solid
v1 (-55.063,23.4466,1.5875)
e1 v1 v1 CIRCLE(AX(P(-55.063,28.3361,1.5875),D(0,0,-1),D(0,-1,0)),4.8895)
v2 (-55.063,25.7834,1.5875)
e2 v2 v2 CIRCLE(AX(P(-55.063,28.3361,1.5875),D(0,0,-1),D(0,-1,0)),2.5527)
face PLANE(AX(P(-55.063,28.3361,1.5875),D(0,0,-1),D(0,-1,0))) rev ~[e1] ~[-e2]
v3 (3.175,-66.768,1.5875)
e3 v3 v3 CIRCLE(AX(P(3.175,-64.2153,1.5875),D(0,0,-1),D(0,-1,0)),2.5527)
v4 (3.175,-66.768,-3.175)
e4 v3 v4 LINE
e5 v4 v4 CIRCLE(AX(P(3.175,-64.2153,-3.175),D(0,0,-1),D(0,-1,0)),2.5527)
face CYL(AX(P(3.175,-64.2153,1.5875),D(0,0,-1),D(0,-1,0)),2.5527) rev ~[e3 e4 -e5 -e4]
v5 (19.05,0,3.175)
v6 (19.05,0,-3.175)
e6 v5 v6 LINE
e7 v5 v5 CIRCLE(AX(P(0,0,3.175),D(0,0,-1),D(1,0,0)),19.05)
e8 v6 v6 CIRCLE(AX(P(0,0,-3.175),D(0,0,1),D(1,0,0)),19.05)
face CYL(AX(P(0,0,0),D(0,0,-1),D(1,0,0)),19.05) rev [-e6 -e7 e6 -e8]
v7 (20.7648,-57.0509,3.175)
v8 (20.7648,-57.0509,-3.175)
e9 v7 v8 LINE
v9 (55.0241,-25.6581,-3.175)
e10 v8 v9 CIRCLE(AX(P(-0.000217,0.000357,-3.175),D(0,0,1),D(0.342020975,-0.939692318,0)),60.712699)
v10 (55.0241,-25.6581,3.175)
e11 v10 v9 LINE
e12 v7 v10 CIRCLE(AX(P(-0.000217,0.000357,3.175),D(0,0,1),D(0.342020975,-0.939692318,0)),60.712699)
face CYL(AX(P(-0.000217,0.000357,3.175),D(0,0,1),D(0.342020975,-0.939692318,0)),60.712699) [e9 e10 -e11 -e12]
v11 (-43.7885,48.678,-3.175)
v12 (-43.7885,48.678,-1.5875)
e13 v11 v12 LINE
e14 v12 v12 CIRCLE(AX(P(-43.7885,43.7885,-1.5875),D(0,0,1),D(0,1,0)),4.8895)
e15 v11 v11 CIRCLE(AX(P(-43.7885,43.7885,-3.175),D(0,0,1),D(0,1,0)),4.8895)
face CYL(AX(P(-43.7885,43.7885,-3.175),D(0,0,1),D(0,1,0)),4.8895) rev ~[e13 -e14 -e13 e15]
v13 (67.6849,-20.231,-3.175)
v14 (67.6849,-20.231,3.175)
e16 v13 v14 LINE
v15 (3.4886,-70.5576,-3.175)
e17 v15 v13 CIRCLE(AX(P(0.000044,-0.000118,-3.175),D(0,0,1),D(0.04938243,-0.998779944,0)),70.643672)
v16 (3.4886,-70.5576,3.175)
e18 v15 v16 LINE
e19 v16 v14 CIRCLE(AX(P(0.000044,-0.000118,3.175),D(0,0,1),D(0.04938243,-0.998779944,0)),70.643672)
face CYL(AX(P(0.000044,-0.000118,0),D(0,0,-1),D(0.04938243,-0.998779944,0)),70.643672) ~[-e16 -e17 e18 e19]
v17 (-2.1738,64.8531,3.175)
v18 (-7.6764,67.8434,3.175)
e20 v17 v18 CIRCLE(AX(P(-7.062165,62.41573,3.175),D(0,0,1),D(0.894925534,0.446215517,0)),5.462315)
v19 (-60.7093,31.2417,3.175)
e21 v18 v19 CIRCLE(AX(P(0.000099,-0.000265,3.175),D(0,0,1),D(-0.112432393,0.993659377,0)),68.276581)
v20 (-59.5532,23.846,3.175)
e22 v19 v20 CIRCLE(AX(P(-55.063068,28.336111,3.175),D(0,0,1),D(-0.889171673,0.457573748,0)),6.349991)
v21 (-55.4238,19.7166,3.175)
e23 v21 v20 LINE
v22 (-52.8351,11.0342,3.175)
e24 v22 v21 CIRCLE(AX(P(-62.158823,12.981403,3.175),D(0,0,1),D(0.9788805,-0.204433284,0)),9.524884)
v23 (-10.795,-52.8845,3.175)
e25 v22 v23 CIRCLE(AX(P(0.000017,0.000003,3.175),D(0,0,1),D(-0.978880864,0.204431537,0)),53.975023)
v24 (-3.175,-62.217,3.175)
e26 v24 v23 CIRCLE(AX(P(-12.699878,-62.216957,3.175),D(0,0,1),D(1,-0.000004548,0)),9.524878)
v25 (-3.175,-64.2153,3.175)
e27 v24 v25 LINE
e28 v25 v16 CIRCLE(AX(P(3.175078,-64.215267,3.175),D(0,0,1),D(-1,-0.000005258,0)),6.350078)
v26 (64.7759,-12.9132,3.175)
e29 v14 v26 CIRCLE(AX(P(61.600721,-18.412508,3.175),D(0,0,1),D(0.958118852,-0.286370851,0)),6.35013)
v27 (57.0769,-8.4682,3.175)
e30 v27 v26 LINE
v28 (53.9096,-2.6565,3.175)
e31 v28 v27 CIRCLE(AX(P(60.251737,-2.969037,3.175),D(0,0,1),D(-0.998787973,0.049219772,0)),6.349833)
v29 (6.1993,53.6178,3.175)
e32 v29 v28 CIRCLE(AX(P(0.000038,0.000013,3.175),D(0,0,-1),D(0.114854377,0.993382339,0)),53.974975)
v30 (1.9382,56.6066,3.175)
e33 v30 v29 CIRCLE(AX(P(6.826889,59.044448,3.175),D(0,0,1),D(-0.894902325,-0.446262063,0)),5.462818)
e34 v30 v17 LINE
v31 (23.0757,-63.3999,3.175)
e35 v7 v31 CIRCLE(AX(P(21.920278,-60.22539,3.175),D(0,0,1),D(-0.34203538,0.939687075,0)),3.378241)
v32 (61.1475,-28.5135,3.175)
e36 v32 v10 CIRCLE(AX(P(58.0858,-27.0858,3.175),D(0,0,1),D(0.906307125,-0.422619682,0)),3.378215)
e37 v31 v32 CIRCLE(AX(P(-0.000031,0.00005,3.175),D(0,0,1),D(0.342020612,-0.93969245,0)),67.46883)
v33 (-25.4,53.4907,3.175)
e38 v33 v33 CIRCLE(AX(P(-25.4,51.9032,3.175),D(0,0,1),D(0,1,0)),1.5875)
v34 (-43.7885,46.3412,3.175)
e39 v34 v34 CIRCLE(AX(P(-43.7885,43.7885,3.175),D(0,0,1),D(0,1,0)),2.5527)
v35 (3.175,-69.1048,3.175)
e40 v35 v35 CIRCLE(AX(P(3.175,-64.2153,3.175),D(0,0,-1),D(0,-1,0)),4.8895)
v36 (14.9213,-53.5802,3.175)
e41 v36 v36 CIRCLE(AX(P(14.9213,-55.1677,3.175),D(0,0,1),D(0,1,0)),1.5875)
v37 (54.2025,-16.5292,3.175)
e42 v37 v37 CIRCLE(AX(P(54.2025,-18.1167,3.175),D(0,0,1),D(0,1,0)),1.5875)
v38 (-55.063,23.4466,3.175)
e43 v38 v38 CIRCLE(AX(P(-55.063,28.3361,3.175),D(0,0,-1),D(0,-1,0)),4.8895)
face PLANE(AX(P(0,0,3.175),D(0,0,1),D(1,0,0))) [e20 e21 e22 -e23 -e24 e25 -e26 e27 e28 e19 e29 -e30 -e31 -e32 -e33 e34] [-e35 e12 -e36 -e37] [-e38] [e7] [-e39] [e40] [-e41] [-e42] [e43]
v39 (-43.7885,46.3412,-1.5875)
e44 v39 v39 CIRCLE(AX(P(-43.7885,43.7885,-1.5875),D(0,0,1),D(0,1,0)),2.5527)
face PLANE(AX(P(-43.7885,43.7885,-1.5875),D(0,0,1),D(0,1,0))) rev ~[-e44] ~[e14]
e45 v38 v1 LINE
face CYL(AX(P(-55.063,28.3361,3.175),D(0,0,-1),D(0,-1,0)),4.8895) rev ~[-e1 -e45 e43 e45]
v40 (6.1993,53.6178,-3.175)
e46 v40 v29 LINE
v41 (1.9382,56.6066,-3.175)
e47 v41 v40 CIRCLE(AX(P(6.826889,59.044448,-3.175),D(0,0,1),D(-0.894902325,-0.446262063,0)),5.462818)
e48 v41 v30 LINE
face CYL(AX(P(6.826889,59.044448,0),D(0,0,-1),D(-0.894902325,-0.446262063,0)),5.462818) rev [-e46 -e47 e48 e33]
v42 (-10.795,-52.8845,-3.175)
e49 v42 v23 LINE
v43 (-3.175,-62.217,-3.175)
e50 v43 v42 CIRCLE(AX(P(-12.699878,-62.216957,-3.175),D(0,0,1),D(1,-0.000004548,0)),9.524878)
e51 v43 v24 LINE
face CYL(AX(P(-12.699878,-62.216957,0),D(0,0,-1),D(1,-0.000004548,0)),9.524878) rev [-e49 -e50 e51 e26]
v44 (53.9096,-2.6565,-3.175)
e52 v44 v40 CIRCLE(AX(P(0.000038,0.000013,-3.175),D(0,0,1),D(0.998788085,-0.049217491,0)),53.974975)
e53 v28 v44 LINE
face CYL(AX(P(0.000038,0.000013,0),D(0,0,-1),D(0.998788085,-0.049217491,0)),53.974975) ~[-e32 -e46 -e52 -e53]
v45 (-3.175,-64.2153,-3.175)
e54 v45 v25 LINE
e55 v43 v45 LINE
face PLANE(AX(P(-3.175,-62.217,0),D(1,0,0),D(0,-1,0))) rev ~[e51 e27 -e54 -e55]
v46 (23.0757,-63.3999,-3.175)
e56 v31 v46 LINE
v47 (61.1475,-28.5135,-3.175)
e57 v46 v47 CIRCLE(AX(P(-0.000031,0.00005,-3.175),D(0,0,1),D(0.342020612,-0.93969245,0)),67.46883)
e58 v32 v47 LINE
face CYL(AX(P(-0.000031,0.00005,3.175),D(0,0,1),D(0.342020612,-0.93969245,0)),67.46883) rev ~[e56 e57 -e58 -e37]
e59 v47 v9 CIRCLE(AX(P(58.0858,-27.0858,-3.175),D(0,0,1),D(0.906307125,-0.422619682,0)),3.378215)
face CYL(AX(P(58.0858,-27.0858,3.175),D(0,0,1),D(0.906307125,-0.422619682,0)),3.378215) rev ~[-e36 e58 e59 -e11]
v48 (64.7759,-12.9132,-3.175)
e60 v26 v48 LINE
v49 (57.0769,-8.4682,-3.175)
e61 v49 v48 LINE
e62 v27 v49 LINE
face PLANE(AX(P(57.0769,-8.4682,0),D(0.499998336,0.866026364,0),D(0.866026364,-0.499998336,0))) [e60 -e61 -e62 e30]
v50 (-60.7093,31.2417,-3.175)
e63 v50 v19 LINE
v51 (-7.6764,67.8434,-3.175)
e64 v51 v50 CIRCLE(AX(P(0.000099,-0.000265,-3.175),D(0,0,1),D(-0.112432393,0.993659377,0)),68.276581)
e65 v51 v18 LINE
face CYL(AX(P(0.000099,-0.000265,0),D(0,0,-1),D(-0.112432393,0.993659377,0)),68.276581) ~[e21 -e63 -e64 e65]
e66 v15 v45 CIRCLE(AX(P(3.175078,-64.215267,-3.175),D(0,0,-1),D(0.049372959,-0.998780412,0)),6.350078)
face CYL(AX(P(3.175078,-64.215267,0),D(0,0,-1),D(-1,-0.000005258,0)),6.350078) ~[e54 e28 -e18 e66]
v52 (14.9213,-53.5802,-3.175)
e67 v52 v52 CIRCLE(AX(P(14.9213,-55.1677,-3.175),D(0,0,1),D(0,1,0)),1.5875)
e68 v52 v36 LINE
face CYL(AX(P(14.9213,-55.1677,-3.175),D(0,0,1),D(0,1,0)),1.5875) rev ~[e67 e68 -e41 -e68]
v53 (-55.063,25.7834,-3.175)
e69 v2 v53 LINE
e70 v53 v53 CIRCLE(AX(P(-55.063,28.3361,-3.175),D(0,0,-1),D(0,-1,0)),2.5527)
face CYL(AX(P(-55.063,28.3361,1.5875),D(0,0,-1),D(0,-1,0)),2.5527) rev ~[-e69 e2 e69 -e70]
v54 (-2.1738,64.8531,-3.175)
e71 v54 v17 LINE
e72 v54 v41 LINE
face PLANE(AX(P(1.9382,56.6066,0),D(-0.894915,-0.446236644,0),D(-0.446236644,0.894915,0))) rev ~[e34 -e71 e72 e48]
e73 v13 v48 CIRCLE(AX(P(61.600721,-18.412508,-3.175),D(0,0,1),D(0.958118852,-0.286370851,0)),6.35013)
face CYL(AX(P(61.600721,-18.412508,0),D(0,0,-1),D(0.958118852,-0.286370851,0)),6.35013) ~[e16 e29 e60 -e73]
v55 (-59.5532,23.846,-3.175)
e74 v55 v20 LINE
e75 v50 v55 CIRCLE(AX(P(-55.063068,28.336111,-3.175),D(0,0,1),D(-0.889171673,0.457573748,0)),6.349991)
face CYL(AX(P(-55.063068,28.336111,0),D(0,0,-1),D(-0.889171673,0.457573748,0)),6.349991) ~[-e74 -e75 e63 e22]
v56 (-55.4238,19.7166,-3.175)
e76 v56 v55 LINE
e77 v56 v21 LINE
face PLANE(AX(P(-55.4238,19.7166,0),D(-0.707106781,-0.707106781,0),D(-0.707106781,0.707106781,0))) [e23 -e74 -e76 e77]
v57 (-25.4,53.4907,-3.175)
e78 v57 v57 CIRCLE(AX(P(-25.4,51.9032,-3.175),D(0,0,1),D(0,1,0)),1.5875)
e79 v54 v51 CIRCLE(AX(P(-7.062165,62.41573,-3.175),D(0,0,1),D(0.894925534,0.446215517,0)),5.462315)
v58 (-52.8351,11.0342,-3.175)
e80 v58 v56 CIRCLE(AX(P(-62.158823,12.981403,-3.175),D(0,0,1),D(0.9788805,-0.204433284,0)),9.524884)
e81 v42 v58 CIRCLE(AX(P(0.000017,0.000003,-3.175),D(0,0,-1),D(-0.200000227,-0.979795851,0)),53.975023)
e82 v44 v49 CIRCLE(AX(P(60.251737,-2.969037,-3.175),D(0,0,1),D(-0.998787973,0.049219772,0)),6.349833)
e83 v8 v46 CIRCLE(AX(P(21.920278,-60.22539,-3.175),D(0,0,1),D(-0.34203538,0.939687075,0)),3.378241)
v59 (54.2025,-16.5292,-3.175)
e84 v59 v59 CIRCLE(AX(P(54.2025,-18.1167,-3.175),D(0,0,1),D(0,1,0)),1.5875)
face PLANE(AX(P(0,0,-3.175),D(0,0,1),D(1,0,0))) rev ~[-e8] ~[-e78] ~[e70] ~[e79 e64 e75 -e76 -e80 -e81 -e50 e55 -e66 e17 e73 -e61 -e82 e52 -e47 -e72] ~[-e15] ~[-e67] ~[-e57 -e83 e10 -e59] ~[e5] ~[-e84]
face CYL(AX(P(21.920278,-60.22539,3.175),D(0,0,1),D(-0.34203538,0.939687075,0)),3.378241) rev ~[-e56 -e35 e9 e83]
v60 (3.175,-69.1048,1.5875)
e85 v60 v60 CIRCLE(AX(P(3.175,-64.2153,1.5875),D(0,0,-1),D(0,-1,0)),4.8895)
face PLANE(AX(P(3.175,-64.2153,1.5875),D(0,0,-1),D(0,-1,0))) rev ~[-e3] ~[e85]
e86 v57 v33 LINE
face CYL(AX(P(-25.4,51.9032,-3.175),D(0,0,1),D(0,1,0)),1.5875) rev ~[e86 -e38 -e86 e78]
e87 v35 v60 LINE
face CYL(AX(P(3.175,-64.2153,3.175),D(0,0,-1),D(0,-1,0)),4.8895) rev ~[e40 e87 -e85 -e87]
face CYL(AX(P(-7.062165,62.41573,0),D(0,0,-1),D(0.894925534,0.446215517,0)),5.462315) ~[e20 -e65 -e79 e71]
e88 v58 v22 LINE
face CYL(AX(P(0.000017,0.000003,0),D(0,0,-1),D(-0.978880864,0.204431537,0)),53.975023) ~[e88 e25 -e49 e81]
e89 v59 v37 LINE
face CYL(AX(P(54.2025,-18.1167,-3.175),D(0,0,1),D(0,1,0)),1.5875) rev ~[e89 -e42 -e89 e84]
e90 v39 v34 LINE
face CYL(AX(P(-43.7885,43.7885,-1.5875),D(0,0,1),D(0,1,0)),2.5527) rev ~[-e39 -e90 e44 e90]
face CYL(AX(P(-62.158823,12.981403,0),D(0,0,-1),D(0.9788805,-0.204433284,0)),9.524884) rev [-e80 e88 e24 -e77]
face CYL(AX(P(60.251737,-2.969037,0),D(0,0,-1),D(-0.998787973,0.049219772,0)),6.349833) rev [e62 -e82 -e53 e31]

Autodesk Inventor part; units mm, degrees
ref_plane "YZ Plane" through (0, 0, 0) normal (1, 0, 0) x (0, 1, 0)
ref_plane "XZ Plane" through (0, 0, 0) normal (0, 1, 0) x (-1, 0, 0)
ref_plane "XY Plane" through (0, 0, 0) normal (0, 0, 1) x (1, 0, 0)
sketch "Sketch1" plane through (0, 0, 0) normal (0, 0, 1) x (1, 0, 0)
  circle A0 centre (0, 0) radius 53.975 construction
  line L0 (-138.9624, -14.2875) -> (-138.9624, 14.2875) construction
  circle A1 centre (0, 0) radius 19.05
  line L1 (-181.8914, 0) -> (118.6116, 0) projected
  line L2 (0, -111.81) -> (0, 105.5438) projected
  line L3 (-3.175, -62.217) -> (-3.175, -64.2153)
  arc A2 (-52.8351, 11.0342) -> (-10.795, -52.8845) centre (0, 0) ccw
  arc A3 (-52.8351, 11.0342) -> (-55.4238, 19.7166) centre (-62.1589, 12.9814) ccw
  arc A4 (-3.175, -62.217) -> (-10.795, -52.8845) centre (-12.7, -62.217) ccw
  arc A5 (53.9096, -2.6565) -> (6.1993, 53.6178) centre (0, 0) ccw
  line L4 (1.9382, 56.6066) -> (-2.1738, 64.8531)
  arc A6 (3.4886, -70.5576) -> (67.6849, -20.231) centre (0, 0) ccw
  arc A7 (-7.6764, 67.8434) -> (-60.7093, 31.2417) centre (0, 0) ccw
  arc A8 (1.9382, 56.6066) -> (6.1993, 53.6178) centre (6.8266, 59.0442) ccw
  arc A9 (-2.1738, 64.8531) -> (-7.6764, 67.8434) centre (-7.0623, 62.4156) ccw
  line L5 (57.0769, -8.4682) -> (64.7759, -12.9132)
  arc A10 (53.9096, -2.6565) -> (57.0769, -8.4682) centre (60.2519, -2.969) ccw
  arc A11 (67.6849, -20.231) -> (64.7759, -12.9132) centre (61.6009, -18.4125) ccw
  arc A12 (-3.175, -64.2153) -> (3.4886, -70.5576) centre (3.175, -64.2153) ccw
  line L6 (-55.4238, 19.7166) -> (-59.5532, 23.846)
  arc A13 (-60.7093, 31.2417) -> (-59.5532, 23.846) centre (-55.063, 28.3361) ccw
  point P0 (-3.175, -53.8815)
  point P1 (-50.8, 57.9383)
  point P2 (-3.175, -53.8815)
  point P3 (-3.175, -70.4964)
  point P4 (-67.8823, 0)
  point P5 (3.3007, 53.874)
  point P6 (53.975, 0)
  point P7 (-3.8272, 68.169)
  point P8 (53.5878, -6.4538)
  point P9 (68.9605, -15.3293)
  point P10 (-3.175, -70.5724)
  point P11 (-62.7098, 27.0026)
  dimension "d0" = 107.95
  dimension "d10" = 38.1
  dimension "d14" = 3.175
  dimension "d15" = 9.525
  dimension "d79" = 30
  dimension "d80" = 6.35
  dimension "d89" = 6.35
  dimension "d97" = 70.6437
  dimension "d98" = 6.35
  dimension "d108" = 45
  dimension "d109" = 5.4625
  dimension "d110" = 8.89
extrude "Base" add sketch "Sketch1" along normal mid plane 6.35 contours L1 A5 A10 L5 A11 A6 A12 L2 A1 | A1 L2 L4 A8 A5 L1 | A1 L1 A2 A3 L6 A13 A7 A9 L4 L2 | L2 A12 L3 A4 A2 L1 A1
sketch "Sketch5" plane through (0, 0, -3.175) normal (0, 0, -1) x (-1, 0, 0)
  circle A0 centre (0, 0) radius 19.05 projected
  arc A1 (60.7093, 31.2417) -> (7.6764, 67.8434) centre (0, 0) ccw projected
  circle A2 centre (0, 0) radius 53.975 construction
  line L0 (-53.2759, -12.7) -> (-58.4475, -17.8716) construction
  line L1 (-9.2461, -53.9826) -> (-14.6103, -59.3468) construction
  line L2 (91.9487, 0) -> (-94.6008, 0) projected
  line L3 (0, -99.577) -> (0, 103.505) projected
  arc A3 (-53.2759, -12.7) -> (-9.2461, -53.9826) centre (0, 0) ccw construction
  arc A4 (28.575, 46.7235) -> (-28.575, 46.7235) centre (0, 0) ccw construction
  arc A5 (-58.4475, -17.8716) -> (-14.6103, -59.3468) centre (0, 0) ccw construction
  arc A6 (28.575, 54.0275) -> (-28.575, 54.0275) centre (0, 0) ccw construction
  line L4 (-28.575, 46.7235) -> (-28.575, 54.0275) construction
  line L5 (28.575, 46.7235) -> (28.575, 54.0275) construction
  point P0 (40.1638, 60.9879)
  point P1 (-25.4, 51.9032)
  point P2 (25.4, 51.9032)
  point P3 (-54.2025, -18.1167)
  point P4 (-14.9213, -55.1677)
  dimension "d55" = 107.95
  dimension "d56" = 60.325
  dimension "d57" = 6.35
  dimension "d58" = 0.7937
  dimension "d59" = 57.15
  dimension "d60" = 6.35
  dimension "d61" = 0.7937
  dimension "d65" = 3.175
  dimension "d66" = 3.175
  dimension "d67" = 57.785
  dimension "d82" = 45
  dimension "d83" = 12.7
  dimension "d84" = 3.175
  dimension "d85" = 3.175
  dimension "d87" = 57.15
  dimension "d88" = 57.15
hole "Motor Stay Holes" at (25.4, 51.9032, -3.175) at (-25.4, 51.9032, -3.175) at (14.9213, -55.1677, -3.175) at (54.2025, -18.1167, -3.175) direction (0, 0, 1) diameter 3.175 end through all
sketch "Sketch6" plane through (0, 0, 3.175) normal (0, 0, 1) x (1, 0, 0)
  arc A0 (-3.175, -64.2153) -> (3.4886, -70.5576) centre (3.175, -64.2153) ccw projected
  arc A1 (-60.7093, 31.2417) -> (-59.5532, 23.846) centre (-55.063, 28.3361) ccw projected
hole "Standoff Holes to front plate" at (3.175, -64.2153, 3.175) at (-55.063, 28.3361, 3.175) direction (0, 0, -1) diameter 5.1054 end through all counterbore diameter 9.779 counterbore depth 1.5875 clearance for "Flat Head Machine Screw (82)" size "#10" standard "Ansi Unified Screw Threads"
sketch "Sketch8" plane through (0, 0, -3.175) normal (0, 0, -1) x (-1, 0, 0)
  arc A0 (59.5532, 23.846) -> (60.7093, 31.2417) centre (55.063, 28.3361) ccw projected
  arc A1 (60.7093, 31.2417) -> (7.6764, 67.8434) centre (0, 0) ccw projected
  circle A2 centre (0, 0) radius 61.9263 construction
  arc A3 (10.795, -52.8845) -> (52.8351, 11.0342) centre (0, 0) ccw projected
  line L0 (0, 0) -> (43.7885, 43.7885) construction
  line L1 (94.4751, 0) -> (-104.0422, 0) projected
  line L2 (0, -111.81) -> (0, 105.5438) projected
  dimension "d119" = 45
hole "Standoff Holes to back plate" at (-43.7885, 43.7885, -3.175) direction (0, 0, 1) diameter 5.1054 end through all counterbore diameter 9.779 counterbore depth 1.5875 clearance for "Flat Head Machine Screw (82)" size "#10" standard "Ansi Unified Screw Threads"
sketch "Sketch7" plane through (0, 0, 3.175) normal (0, 0, 1) x (1, 0, 0)
  arc A0 (3.4886, -70.5576) -> (67.6849, -20.231) centre (0, 0) ccw projected
  arc A1 (20.7648, -57.0509) -> (23.0757, -63.3999) centre (21.9203, -60.2254) ccw
  arc A2 (61.1475, -28.5135) -> (55.0241, -25.6581) centre (58.0858, -27.0858) ccw
  arc A3 (23.0757, -63.3999) -> (61.1475, -28.5135) centre (0, 0) ccw
  arc A4 (20.7648, -57.0509) -> (55.0241, -25.6581) centre (0, 0) ccw
  line L0 (58.0858, -27.0858) -> (0, 0) construction
  line L1 (0, 0) -> (21.9203, -60.2254) construction
  line L2 (-88.8322, 0) -> (103.1018, 0) projected
  line L3 (0, -110.4869) -> (0, 97.6056) projected
  dimension "d102" = 3.175
  dimension "d103" = 6.7564
  dimension "d104" = 25
  dimension "d105" = 20
extrude "Tensioning Slot" cut sketch "Sketch7" against normal through all
properties part number "motor plate"
